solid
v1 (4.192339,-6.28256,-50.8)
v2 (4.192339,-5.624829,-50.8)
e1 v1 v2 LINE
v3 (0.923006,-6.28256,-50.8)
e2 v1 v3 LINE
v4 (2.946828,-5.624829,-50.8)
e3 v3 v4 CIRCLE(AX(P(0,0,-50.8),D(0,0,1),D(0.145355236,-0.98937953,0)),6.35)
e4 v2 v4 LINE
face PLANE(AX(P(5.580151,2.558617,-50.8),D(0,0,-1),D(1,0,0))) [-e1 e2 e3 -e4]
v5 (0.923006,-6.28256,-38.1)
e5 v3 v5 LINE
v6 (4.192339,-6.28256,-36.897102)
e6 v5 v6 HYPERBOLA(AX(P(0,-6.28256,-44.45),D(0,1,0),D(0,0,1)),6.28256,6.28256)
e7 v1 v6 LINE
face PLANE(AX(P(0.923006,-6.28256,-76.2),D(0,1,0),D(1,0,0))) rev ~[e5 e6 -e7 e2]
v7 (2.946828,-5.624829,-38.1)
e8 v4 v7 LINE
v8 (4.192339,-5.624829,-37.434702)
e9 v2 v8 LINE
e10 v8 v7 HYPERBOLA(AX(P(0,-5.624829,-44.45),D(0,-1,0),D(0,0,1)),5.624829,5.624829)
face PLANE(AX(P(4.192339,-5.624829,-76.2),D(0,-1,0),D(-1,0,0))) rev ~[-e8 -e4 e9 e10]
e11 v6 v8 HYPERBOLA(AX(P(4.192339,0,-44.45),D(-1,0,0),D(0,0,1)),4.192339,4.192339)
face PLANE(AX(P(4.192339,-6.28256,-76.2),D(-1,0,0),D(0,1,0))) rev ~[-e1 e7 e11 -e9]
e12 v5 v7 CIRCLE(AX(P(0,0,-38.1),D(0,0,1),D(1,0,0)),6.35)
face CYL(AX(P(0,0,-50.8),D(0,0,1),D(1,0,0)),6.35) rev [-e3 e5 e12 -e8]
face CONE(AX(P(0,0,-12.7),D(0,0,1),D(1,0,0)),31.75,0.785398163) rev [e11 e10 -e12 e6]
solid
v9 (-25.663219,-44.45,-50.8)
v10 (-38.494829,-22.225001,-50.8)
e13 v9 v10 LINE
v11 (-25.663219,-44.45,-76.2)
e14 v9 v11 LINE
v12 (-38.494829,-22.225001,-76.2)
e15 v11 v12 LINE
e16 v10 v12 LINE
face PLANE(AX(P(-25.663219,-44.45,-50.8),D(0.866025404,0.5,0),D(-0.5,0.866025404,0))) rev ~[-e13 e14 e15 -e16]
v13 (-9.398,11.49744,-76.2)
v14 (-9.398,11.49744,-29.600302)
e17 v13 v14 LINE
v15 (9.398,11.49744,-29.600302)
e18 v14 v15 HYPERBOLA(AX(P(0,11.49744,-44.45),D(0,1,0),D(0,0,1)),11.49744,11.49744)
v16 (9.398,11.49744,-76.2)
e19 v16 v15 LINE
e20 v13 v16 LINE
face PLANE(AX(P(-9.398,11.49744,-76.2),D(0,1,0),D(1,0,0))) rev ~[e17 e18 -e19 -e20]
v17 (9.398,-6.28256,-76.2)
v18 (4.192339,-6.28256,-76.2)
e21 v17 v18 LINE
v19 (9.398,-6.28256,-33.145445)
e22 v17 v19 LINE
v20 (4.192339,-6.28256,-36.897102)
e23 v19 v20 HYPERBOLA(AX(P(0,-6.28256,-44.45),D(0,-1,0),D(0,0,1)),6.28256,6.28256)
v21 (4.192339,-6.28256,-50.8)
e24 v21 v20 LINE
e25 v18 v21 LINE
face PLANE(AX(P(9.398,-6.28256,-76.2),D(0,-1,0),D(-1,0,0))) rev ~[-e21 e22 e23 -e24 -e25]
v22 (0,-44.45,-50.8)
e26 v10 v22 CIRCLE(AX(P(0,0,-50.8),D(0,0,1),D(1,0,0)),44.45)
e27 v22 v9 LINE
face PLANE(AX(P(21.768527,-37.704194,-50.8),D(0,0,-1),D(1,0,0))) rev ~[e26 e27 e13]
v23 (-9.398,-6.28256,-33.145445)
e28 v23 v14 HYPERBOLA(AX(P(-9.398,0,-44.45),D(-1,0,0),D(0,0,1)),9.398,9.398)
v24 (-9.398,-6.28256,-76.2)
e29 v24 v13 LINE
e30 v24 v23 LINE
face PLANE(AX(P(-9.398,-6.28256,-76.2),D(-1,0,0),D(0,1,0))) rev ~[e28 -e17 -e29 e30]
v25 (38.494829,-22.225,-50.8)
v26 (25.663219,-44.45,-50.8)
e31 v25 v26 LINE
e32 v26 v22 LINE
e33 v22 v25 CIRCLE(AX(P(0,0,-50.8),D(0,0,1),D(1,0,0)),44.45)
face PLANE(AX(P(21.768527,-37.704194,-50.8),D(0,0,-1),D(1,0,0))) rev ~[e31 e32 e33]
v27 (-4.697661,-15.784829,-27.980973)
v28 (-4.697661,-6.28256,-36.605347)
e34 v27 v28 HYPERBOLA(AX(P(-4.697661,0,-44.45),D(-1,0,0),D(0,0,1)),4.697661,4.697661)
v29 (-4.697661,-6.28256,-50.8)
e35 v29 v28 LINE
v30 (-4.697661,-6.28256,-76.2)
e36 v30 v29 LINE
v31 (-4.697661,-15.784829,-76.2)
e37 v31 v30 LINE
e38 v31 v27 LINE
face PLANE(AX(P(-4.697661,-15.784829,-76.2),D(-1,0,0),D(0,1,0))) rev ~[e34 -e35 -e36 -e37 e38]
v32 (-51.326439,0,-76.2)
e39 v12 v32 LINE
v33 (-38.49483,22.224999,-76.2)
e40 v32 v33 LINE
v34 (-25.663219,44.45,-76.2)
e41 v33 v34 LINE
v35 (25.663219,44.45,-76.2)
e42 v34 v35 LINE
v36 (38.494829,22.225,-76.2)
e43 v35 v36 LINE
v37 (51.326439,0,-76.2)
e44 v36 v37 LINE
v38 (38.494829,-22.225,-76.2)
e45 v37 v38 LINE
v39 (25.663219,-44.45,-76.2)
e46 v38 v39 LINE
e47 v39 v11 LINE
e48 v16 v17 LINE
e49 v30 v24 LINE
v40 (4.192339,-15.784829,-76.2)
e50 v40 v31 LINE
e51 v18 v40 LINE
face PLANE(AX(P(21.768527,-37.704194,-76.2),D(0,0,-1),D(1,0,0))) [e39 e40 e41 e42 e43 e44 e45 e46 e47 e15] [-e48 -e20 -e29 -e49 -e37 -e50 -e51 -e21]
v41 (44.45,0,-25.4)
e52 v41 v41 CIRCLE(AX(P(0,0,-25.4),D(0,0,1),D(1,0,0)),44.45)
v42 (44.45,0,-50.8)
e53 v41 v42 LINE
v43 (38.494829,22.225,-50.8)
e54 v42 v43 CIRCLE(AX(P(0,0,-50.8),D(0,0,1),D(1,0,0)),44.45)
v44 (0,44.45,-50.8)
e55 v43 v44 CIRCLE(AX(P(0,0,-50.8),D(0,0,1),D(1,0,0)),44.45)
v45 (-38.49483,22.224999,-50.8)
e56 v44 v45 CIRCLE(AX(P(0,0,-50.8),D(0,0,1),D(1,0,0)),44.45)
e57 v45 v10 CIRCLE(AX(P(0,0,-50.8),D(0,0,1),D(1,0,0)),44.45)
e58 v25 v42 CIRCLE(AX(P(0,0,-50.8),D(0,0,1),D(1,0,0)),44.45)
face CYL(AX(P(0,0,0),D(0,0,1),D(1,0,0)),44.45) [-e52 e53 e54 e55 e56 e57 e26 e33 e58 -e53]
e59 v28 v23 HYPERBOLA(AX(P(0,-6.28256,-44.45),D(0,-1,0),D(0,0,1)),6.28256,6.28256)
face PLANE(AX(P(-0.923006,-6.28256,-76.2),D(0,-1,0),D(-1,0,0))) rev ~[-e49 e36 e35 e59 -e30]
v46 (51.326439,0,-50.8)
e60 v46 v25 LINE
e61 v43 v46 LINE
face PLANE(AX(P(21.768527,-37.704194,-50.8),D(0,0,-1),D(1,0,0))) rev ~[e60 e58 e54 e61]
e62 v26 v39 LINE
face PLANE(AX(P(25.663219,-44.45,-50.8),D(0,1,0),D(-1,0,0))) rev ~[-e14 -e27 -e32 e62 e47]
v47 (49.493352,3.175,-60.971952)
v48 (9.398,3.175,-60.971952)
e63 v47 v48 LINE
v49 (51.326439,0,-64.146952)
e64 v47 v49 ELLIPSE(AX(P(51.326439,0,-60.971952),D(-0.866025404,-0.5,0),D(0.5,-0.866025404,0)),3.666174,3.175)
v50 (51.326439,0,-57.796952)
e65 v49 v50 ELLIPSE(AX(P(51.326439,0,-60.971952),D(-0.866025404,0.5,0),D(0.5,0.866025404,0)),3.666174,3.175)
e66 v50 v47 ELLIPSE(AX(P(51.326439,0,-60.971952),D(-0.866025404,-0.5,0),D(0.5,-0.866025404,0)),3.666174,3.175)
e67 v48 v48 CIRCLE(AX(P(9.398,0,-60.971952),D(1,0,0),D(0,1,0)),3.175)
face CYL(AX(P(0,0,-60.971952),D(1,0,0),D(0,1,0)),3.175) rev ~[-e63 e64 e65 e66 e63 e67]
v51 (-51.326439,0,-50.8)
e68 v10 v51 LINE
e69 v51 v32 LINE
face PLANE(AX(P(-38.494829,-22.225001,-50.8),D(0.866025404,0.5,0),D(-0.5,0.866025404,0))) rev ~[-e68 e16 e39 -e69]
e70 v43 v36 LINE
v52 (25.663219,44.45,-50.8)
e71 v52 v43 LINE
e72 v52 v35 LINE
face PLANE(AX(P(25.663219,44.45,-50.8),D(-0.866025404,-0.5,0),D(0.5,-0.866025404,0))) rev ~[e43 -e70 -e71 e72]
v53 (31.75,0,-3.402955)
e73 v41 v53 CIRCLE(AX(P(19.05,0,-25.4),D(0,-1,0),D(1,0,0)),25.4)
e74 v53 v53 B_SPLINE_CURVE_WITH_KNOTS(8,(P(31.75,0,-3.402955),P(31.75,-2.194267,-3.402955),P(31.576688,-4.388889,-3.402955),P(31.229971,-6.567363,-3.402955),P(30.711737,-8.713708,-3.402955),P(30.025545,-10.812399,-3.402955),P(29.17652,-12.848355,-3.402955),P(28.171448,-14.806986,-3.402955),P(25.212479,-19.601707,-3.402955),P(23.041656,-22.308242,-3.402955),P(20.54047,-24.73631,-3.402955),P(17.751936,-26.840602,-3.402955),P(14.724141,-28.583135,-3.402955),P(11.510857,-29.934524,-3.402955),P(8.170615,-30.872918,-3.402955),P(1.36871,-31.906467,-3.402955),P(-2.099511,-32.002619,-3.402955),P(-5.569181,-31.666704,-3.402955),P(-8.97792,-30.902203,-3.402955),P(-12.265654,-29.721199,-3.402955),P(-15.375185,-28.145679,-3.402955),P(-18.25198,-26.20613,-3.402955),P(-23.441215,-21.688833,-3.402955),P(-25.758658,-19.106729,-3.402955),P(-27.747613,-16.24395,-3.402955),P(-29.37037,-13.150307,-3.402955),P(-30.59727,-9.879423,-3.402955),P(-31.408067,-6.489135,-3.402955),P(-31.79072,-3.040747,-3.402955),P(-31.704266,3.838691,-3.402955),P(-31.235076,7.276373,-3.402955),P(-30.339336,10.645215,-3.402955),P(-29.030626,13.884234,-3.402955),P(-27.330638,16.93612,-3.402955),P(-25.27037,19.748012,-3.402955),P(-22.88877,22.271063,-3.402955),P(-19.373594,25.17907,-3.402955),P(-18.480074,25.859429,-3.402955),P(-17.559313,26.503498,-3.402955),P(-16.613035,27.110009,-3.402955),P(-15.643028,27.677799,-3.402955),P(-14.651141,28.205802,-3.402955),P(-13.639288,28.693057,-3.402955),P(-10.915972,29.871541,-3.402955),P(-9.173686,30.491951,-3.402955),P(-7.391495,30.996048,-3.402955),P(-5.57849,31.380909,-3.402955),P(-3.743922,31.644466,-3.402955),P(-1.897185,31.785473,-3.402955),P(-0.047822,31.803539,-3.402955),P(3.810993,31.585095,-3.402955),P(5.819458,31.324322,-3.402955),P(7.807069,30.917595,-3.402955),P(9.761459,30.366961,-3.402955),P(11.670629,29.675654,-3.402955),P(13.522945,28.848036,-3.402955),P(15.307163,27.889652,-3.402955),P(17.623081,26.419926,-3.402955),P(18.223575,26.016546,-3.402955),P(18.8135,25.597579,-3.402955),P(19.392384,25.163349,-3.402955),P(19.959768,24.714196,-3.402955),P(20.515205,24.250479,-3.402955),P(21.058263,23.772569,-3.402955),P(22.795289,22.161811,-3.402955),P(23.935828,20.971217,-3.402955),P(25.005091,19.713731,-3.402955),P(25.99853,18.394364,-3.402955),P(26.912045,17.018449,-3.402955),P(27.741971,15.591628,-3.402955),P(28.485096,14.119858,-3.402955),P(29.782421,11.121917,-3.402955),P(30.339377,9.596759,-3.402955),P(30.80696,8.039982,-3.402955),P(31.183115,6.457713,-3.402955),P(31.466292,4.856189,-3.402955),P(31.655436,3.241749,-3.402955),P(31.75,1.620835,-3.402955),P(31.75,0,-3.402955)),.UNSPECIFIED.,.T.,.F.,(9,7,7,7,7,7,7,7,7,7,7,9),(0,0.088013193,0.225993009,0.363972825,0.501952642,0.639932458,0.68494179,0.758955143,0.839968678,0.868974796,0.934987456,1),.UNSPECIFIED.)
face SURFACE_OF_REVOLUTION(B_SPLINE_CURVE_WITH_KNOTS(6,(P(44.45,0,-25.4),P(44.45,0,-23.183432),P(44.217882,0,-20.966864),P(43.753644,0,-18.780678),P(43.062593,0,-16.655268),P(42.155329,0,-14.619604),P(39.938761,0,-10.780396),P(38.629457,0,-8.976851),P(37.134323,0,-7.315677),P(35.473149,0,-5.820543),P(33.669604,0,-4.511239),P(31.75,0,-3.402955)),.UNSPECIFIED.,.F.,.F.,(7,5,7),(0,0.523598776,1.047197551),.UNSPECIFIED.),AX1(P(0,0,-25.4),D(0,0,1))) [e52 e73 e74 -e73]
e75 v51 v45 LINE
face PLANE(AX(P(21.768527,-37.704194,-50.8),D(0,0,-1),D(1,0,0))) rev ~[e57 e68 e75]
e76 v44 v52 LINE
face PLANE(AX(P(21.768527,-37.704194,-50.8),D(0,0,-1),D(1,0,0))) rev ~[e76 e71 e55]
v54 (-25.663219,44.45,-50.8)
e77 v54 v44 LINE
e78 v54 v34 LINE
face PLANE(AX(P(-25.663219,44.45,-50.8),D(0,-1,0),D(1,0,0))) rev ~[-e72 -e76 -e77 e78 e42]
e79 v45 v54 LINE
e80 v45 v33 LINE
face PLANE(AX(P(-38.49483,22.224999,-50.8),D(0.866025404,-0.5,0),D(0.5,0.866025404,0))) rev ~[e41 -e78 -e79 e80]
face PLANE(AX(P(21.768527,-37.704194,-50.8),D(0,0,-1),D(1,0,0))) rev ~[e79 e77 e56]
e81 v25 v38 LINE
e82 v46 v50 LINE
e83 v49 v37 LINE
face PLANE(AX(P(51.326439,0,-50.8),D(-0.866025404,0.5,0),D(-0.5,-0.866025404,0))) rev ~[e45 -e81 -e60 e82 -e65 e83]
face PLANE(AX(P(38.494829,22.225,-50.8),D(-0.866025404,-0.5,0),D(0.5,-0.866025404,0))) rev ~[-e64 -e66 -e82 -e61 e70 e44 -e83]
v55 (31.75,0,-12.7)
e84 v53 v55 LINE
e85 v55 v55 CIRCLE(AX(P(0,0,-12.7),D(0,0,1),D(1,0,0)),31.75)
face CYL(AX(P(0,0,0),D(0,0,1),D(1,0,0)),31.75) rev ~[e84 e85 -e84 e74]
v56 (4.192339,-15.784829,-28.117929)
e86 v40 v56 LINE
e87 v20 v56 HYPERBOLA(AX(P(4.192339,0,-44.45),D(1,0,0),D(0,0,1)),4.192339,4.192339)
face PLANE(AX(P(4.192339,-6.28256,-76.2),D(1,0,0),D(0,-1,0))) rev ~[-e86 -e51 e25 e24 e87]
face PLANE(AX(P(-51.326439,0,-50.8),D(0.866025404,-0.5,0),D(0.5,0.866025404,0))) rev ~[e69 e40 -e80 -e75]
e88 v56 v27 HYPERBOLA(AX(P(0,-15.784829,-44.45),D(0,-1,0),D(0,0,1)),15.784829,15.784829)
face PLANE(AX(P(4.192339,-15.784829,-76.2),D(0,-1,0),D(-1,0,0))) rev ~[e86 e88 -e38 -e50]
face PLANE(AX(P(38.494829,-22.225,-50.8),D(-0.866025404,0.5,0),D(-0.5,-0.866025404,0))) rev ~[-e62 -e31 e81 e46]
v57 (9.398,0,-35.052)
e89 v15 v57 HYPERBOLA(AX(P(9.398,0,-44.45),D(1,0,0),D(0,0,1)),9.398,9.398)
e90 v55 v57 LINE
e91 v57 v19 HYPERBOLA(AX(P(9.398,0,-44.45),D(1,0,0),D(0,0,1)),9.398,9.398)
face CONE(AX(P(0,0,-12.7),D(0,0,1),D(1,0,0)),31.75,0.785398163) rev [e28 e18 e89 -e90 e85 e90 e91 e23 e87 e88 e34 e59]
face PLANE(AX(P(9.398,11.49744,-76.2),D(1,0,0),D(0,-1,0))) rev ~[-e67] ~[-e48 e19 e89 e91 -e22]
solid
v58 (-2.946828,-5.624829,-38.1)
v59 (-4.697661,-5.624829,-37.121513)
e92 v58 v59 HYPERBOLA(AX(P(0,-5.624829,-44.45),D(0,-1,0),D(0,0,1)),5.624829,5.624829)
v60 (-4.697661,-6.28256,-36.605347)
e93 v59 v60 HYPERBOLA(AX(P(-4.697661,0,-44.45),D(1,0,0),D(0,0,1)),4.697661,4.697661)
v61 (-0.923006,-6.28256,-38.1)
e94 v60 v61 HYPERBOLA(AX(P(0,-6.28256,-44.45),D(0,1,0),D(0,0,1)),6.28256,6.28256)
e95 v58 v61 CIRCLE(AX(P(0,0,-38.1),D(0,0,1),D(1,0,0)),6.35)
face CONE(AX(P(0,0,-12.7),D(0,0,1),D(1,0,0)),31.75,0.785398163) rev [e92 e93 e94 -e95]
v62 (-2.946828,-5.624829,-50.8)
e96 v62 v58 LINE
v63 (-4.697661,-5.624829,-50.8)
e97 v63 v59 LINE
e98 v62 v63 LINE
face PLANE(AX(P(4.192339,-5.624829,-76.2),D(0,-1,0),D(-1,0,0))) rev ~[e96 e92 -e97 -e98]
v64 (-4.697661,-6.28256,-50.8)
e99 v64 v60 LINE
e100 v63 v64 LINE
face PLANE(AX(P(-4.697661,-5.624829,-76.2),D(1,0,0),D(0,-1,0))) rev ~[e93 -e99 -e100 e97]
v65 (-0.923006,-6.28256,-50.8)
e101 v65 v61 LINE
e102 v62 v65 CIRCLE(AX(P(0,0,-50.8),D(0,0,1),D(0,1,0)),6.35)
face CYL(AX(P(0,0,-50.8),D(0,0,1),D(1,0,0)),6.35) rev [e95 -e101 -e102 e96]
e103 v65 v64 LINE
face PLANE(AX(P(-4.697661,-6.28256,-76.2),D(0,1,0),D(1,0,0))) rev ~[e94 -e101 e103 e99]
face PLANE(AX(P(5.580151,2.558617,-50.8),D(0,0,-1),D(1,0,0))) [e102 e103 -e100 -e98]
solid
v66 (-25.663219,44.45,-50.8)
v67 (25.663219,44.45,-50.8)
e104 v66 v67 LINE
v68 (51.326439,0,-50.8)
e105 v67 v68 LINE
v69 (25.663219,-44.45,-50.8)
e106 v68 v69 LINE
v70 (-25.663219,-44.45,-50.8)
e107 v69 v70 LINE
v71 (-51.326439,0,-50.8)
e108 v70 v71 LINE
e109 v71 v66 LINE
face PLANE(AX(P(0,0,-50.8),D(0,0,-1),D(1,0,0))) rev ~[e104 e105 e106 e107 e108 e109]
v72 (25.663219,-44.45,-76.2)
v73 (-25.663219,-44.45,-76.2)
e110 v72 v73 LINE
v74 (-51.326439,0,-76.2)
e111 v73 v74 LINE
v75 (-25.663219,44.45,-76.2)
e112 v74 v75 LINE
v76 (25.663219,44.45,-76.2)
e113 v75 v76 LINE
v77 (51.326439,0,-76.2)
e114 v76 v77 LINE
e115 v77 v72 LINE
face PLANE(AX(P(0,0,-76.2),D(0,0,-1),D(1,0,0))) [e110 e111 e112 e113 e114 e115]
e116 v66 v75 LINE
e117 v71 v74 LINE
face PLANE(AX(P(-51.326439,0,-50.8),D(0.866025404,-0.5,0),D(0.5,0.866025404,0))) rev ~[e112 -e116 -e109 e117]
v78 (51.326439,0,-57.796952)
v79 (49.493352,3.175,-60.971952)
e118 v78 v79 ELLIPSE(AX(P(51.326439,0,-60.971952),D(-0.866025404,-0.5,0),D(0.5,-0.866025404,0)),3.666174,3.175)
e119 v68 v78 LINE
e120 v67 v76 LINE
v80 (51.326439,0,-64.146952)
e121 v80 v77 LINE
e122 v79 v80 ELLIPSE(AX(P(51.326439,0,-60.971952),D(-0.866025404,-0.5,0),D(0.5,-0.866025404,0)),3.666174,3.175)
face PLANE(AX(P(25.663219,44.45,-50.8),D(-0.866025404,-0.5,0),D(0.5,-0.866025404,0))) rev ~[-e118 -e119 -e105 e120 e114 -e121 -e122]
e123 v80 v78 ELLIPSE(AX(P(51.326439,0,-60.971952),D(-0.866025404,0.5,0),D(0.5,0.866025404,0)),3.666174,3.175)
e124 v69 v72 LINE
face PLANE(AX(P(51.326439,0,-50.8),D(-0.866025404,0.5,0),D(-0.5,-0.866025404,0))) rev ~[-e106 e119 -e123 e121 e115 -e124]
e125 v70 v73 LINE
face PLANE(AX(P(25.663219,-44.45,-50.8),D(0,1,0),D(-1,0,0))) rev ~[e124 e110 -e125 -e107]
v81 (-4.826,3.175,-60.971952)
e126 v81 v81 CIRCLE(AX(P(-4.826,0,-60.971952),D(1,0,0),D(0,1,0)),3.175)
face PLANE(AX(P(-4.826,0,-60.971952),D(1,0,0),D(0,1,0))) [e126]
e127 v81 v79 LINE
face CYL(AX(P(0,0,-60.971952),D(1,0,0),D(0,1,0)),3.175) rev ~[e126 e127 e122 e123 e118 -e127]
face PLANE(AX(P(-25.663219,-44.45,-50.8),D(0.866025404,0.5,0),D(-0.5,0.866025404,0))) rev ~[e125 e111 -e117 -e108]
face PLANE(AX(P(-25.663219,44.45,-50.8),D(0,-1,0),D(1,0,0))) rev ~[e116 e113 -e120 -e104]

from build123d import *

# Parameters (mm, degrees)
F0_R           = 44.45
F1_DEPTH       = 50.8
F2_R           = 25.4
F3_R           = 31.75
F3_R_2         = 19.05
F4_DEPTH       = 38.1
F5_SIZE        = 25.4
F6_DEPTH       = 25.4
F7_R           = 6.35
F8_DEPTH       = 25.4
F11_DEPTH      = 25.4
F12_DEPTH      = 66.294
F13_DEPTH      = 50.8
F14_DEPTH      = 25.4
F10_W          = 8.89
F10_H          = 10.16
F15_DEPTH      = 50.8
F16_R          = 3.175
F17_DEPTH      = 143.002
F17_DEPTH_BACK = 4.826
F18_DEPTH      = 25.4


with BuildPart() as f1:
    # F0 (on Top) → F1 (new body)
    with BuildSketch(Plane.XY):
        Circle(F0_R)
    extrude(amount=-F1_DEPTH)

    # F2
    f2_edges = [f1.edges().sort_by_distance(p)[0] for p in [
        (-44.45, 0, 0),
    ]]
    fillet(f2_edges, radius=F2_R)

    # F3 (on face) → F4 (cut)
    with BuildSketch(Plane.XY):
        Circle(F3_R)
        Circle(F3_R_2, mode=Mode.SUBTRACT)
        Circle(F3_R_2)
    extrude(amount=-F4_DEPTH, mode=Mode.SUBTRACT)

    # F5
    f5_edges = [f1.edges().sort_by_distance(p)[0] for p in [
        (-31.75, 0, -38.1),
    ]]
    chamfer(f5_edges, length=F5_SIZE)

    # F6 (cut): a face of the model
    f6_faces = [f1.faces().sort_by_distance(p)[0] for p in [
        (0, 0, -38.1),
    ]]
    extrude(f6_faces, amount=-F6_DEPTH, mode=Mode.SUBTRACT)

    # F7 (on face) → F8 (join)
    with BuildSketch(Plane(origin=(0, 0, -50.8), x_dir=(1, 0, 0), z_dir=(0, 0, -1))):
        with BuildLine():
            Line((25.6632194655, 44.45), (-1.821e-07, 44.45))
            ThreePointArc((-1.821e-07, 44.45), (22.2250001111, 38.4948291341), (38.4948294175, 22.2249996201))
            Line((38.4948294175, 22.2249996201), (25.6632194655, 44.45))
        make_face()
        with BuildLine():
            Line((-1.821e-07, 44.45), (-25.6632194655, 44.45))
            Line((-25.6632194655, 44.45), (-38.4948287588, 22.225000761))
            ThreePointArc((-38.4948287588, 22.225000761), (-22.2249996983, 38.4948293724), (-1.821e-07, 44.45))
        make_face()
        with BuildLine():
            ThreePointArc((-38.4948297593, -22.2249990281), (-44.45, 1.0005e-06), (-38.4948287588, 22.225000761))
            Line((-38.4948287588, 22.225000761), (-51.326438931, 0))
            Line((-51.326438931, 0), (-38.4948297593, -22.2249990281))
        make_face()
        with BuildLine():
            ThreePointArc((38.4948294175, 22.2249996201), (22.2250001111, 38.4948291341), (-1.821e-07, 44.45))
            ThreePointArc((-1.821e-07, 44.45), (-22.2249996983, 38.4948293724), (-38.4948287588, 22.225000761))
            ThreePointArc((-38.4948287588, 22.225000761), (-44.45, 1.0005e-06), (-38.4948297593, -22.2249990281))
            ThreePointArc((-38.4948297593, -22.2249990281), (-22.225000486, -38.4948289177), (0, -44.45))
            ThreePointArc((0, -44.45), (22.224999859, -38.4948292796), (38.4948290354, -22.225000282))
            ThreePointArc((38.4948290354, -22.225000282), (42.9354029364, -11.5045067121), (44.45, 0))
            ThreePointArc((44.45, 0), (42.9354030353, 11.504506343), (38.4948294175, 22.2249996201))
        make_face()
        Circle(F7_R, mode=Mode.SUBTRACT)
        with BuildLine():
            ThreePointArc((0, -44.45), (-22.225000486, -38.4948289177), (-38.4948297593, -22.2249990281))
            Line((-38.4948297593, -22.2249990281), (-25.6632194655, -44.45))
            Line((-25.6632194655, -44.45), (0, -44.45))
        make_face()
        with BuildLine():
            ThreePointArc((38.4948290354, -22.225000282), (22.224999859, -38.4948292796), (0, -44.45))
            Line((0, -44.45), (25.6632194655, -44.45))
            Line((25.6632194655, -44.45), (38.4948290354, -22.225000282))
        make_face()
        with BuildLine():
            Line((51.326438931, 0), (38.4948294175, 22.2249996201))
            ThreePointArc((38.4948294175, 22.2249996201), (42.9354030353, 11.504506343), (44.45, 0))
            ThreePointArc((44.45, 0), (42.9354029364, -11.5045067121), (38.4948290354, -22.225000282))
            Line((38.4948290354, -22.225000282), (51.326438931, 0))
        make_face()
    extrude(amount=F8_DEPTH)

    # F9 (on face) → F11 (cut)
    with BuildSketch(Plane(origin=(0, 0, -76.2), x_dir=(1, 0, 0), z_dir=(0, 0, -1))):
        with BuildLine():
            Line((9.398, 6.2825600184), (0.92300575, 6.2825600184))
            ThreePointArc((0.92300575, 6.2825600184), (4.8053921022, 4.1509886465), (6.35, 0))
            ThreePointArc((6.35, 0), (4.4901280605, -4.4901280605), (0, -6.35))
            Line((0, -6.35), (0, -11.4974399816))
            Line((0, -11.4974399816), (9.398, -11.4974399816))
            Line((9.398, -11.4974399816), (9.398, 6.2825600184))
        make_face()
        with BuildLine():
            Line((-0.92300575, 6.2825600184), (-9.398, 6.2825600184))
            Line((-9.398, 6.2825600184), (-9.398, -11.4974399816))
            Line((-9.398, -11.4974399816), (0, -11.4974399816))
            Line((0, -11.4974399816), (0, -6.35))
            ThreePointArc((0, -6.35), (-6.3331175624, -0.4627331212), (-0.92300575, 6.2825600184))
        make_face()
    extrude(amount=-F11_DEPTH, mode=Mode.SUBTRACT)

    # F10 (on face) → F12 (cut)
    with BuildSketch(Plane(origin=(0, 0, -76.2), x_dir=(1, 0, 0), z_dir=(0, 0, -1))):
        with BuildLine():
            Line((-4.6976612952, 15.7848294268), (-4.6976612952, 6.2825600184))
            Line((-4.6976612952, 6.2825600184), (-0.92300575, 6.2825600184))
            ThreePointArc((-0.92300575, 6.2825600184), (0, 6.35), (0.92300575, 6.2825600184))
            Line((0.92300575, 6.2825600184), (4.1923387048, 6.2825600184))
            Line((4.1923387048, 6.2825600184), (4.1923387048, 15.7848294268))
            Line((4.1923387048, 15.7848294268), (-4.6976612952, 15.7848294268))
        make_face()
        Polygon((4.1923387048, 5.6248294268), (-4.6976612952, 5.6248294268), (-4.6976612952, 6.2825600184), (-9.398, 6.2825600184), (-9.398, -11.4974399816), (0, -11.4974399816), (9.398, -11.4974399816), (9.398, 6.2825600184), (4.1923387048, 6.2825600184), align=None)
    extrude(amount=-F12_DEPTH, mode=Mode.SUBTRACT)

    # F13 (cut): faces of the model
    f13_faces = [f1.faces().sort_by_distance(p)[0] for p in [
        (-3.353294615, -5.994297164, -50.8),
        (3.0859513727, -6.0042401288, -50.8),
    ]]
    extrude(f13_faces, amount=F13_DEPTH, mode=Mode.SUBTRACT)


with BuildPart() as f14:
    # F7 (on face) → F14 (new body)
    with BuildSketch(Plane(origin=(0, 0, -50.8), x_dir=(1, 0, 0), z_dir=(0, 0, -1))):
        Polygon((25.6632194655, 44.45), (-25.6632194655, 44.45), (-51.326438931, 0), (-25.6632194655, -44.45), (25.6632194655, -44.45), (51.326438931, 0), align=None)
    extrude(amount=F14_DEPTH)


with BuildPart() as f14b:
    # F10 (on face) → F14, piece 2 (new body)
    with BuildSketch(Plane(origin=(0, 0, -76.2), x_dir=(1, 0, 0), z_dir=(0, 0, -1))):
        with Locations((-0.2526612952, 10.7048294268)):
            Rectangle(F10_W, F10_H)
    extrude(amount=F14_DEPTH)

    # F15 (cut): a face of the model
    f15_faces = [f14b.faces().sort_by_distance(p)[0] for p in [
        (-0.2526612952, -10.7048294268, -101.6),
    ]]
    extrude(f15_faces, amount=-F15_DEPTH, mode=Mode.SUBTRACT)


with BuildPart() as f17_tool:
    # F16 (on Right) → F17 (new body, two sides)
    with BuildSketch(Plane.YZ) as f17_sk:
        with Locations((0, -60.9719515783)):
            Circle(F16_R)
    extrude(amount=F17_DEPTH)
    extrude(f17_sk.sketch, amount=-F17_DEPTH_BACK)


with BuildPart() as f1_1:
    add(f1.part)

    # F17: cut by f17_tool
    add(f17_tool.part, mode=Mode.SUBTRACT)



with BuildPart() as f14_1:
    add(f14.part)

    # F17: cut by f17_tool
    add(f17_tool.part, mode=Mode.SUBTRACT)


with BuildPart() as f1_2:
    add(f1_1.part)
    # F18 (cut): a face of the model
    f18_faces = [f14_1.part.faces().sort_by_distance(p)[0] for p in [
        (-4.826, 0, -60.9719515783),
    ]]
    extrude(f18_faces, amount=F18_DEPTH, mode=Mode.SUBTRACT)


solid = Compound([f14_1.part, f1_2.part])
